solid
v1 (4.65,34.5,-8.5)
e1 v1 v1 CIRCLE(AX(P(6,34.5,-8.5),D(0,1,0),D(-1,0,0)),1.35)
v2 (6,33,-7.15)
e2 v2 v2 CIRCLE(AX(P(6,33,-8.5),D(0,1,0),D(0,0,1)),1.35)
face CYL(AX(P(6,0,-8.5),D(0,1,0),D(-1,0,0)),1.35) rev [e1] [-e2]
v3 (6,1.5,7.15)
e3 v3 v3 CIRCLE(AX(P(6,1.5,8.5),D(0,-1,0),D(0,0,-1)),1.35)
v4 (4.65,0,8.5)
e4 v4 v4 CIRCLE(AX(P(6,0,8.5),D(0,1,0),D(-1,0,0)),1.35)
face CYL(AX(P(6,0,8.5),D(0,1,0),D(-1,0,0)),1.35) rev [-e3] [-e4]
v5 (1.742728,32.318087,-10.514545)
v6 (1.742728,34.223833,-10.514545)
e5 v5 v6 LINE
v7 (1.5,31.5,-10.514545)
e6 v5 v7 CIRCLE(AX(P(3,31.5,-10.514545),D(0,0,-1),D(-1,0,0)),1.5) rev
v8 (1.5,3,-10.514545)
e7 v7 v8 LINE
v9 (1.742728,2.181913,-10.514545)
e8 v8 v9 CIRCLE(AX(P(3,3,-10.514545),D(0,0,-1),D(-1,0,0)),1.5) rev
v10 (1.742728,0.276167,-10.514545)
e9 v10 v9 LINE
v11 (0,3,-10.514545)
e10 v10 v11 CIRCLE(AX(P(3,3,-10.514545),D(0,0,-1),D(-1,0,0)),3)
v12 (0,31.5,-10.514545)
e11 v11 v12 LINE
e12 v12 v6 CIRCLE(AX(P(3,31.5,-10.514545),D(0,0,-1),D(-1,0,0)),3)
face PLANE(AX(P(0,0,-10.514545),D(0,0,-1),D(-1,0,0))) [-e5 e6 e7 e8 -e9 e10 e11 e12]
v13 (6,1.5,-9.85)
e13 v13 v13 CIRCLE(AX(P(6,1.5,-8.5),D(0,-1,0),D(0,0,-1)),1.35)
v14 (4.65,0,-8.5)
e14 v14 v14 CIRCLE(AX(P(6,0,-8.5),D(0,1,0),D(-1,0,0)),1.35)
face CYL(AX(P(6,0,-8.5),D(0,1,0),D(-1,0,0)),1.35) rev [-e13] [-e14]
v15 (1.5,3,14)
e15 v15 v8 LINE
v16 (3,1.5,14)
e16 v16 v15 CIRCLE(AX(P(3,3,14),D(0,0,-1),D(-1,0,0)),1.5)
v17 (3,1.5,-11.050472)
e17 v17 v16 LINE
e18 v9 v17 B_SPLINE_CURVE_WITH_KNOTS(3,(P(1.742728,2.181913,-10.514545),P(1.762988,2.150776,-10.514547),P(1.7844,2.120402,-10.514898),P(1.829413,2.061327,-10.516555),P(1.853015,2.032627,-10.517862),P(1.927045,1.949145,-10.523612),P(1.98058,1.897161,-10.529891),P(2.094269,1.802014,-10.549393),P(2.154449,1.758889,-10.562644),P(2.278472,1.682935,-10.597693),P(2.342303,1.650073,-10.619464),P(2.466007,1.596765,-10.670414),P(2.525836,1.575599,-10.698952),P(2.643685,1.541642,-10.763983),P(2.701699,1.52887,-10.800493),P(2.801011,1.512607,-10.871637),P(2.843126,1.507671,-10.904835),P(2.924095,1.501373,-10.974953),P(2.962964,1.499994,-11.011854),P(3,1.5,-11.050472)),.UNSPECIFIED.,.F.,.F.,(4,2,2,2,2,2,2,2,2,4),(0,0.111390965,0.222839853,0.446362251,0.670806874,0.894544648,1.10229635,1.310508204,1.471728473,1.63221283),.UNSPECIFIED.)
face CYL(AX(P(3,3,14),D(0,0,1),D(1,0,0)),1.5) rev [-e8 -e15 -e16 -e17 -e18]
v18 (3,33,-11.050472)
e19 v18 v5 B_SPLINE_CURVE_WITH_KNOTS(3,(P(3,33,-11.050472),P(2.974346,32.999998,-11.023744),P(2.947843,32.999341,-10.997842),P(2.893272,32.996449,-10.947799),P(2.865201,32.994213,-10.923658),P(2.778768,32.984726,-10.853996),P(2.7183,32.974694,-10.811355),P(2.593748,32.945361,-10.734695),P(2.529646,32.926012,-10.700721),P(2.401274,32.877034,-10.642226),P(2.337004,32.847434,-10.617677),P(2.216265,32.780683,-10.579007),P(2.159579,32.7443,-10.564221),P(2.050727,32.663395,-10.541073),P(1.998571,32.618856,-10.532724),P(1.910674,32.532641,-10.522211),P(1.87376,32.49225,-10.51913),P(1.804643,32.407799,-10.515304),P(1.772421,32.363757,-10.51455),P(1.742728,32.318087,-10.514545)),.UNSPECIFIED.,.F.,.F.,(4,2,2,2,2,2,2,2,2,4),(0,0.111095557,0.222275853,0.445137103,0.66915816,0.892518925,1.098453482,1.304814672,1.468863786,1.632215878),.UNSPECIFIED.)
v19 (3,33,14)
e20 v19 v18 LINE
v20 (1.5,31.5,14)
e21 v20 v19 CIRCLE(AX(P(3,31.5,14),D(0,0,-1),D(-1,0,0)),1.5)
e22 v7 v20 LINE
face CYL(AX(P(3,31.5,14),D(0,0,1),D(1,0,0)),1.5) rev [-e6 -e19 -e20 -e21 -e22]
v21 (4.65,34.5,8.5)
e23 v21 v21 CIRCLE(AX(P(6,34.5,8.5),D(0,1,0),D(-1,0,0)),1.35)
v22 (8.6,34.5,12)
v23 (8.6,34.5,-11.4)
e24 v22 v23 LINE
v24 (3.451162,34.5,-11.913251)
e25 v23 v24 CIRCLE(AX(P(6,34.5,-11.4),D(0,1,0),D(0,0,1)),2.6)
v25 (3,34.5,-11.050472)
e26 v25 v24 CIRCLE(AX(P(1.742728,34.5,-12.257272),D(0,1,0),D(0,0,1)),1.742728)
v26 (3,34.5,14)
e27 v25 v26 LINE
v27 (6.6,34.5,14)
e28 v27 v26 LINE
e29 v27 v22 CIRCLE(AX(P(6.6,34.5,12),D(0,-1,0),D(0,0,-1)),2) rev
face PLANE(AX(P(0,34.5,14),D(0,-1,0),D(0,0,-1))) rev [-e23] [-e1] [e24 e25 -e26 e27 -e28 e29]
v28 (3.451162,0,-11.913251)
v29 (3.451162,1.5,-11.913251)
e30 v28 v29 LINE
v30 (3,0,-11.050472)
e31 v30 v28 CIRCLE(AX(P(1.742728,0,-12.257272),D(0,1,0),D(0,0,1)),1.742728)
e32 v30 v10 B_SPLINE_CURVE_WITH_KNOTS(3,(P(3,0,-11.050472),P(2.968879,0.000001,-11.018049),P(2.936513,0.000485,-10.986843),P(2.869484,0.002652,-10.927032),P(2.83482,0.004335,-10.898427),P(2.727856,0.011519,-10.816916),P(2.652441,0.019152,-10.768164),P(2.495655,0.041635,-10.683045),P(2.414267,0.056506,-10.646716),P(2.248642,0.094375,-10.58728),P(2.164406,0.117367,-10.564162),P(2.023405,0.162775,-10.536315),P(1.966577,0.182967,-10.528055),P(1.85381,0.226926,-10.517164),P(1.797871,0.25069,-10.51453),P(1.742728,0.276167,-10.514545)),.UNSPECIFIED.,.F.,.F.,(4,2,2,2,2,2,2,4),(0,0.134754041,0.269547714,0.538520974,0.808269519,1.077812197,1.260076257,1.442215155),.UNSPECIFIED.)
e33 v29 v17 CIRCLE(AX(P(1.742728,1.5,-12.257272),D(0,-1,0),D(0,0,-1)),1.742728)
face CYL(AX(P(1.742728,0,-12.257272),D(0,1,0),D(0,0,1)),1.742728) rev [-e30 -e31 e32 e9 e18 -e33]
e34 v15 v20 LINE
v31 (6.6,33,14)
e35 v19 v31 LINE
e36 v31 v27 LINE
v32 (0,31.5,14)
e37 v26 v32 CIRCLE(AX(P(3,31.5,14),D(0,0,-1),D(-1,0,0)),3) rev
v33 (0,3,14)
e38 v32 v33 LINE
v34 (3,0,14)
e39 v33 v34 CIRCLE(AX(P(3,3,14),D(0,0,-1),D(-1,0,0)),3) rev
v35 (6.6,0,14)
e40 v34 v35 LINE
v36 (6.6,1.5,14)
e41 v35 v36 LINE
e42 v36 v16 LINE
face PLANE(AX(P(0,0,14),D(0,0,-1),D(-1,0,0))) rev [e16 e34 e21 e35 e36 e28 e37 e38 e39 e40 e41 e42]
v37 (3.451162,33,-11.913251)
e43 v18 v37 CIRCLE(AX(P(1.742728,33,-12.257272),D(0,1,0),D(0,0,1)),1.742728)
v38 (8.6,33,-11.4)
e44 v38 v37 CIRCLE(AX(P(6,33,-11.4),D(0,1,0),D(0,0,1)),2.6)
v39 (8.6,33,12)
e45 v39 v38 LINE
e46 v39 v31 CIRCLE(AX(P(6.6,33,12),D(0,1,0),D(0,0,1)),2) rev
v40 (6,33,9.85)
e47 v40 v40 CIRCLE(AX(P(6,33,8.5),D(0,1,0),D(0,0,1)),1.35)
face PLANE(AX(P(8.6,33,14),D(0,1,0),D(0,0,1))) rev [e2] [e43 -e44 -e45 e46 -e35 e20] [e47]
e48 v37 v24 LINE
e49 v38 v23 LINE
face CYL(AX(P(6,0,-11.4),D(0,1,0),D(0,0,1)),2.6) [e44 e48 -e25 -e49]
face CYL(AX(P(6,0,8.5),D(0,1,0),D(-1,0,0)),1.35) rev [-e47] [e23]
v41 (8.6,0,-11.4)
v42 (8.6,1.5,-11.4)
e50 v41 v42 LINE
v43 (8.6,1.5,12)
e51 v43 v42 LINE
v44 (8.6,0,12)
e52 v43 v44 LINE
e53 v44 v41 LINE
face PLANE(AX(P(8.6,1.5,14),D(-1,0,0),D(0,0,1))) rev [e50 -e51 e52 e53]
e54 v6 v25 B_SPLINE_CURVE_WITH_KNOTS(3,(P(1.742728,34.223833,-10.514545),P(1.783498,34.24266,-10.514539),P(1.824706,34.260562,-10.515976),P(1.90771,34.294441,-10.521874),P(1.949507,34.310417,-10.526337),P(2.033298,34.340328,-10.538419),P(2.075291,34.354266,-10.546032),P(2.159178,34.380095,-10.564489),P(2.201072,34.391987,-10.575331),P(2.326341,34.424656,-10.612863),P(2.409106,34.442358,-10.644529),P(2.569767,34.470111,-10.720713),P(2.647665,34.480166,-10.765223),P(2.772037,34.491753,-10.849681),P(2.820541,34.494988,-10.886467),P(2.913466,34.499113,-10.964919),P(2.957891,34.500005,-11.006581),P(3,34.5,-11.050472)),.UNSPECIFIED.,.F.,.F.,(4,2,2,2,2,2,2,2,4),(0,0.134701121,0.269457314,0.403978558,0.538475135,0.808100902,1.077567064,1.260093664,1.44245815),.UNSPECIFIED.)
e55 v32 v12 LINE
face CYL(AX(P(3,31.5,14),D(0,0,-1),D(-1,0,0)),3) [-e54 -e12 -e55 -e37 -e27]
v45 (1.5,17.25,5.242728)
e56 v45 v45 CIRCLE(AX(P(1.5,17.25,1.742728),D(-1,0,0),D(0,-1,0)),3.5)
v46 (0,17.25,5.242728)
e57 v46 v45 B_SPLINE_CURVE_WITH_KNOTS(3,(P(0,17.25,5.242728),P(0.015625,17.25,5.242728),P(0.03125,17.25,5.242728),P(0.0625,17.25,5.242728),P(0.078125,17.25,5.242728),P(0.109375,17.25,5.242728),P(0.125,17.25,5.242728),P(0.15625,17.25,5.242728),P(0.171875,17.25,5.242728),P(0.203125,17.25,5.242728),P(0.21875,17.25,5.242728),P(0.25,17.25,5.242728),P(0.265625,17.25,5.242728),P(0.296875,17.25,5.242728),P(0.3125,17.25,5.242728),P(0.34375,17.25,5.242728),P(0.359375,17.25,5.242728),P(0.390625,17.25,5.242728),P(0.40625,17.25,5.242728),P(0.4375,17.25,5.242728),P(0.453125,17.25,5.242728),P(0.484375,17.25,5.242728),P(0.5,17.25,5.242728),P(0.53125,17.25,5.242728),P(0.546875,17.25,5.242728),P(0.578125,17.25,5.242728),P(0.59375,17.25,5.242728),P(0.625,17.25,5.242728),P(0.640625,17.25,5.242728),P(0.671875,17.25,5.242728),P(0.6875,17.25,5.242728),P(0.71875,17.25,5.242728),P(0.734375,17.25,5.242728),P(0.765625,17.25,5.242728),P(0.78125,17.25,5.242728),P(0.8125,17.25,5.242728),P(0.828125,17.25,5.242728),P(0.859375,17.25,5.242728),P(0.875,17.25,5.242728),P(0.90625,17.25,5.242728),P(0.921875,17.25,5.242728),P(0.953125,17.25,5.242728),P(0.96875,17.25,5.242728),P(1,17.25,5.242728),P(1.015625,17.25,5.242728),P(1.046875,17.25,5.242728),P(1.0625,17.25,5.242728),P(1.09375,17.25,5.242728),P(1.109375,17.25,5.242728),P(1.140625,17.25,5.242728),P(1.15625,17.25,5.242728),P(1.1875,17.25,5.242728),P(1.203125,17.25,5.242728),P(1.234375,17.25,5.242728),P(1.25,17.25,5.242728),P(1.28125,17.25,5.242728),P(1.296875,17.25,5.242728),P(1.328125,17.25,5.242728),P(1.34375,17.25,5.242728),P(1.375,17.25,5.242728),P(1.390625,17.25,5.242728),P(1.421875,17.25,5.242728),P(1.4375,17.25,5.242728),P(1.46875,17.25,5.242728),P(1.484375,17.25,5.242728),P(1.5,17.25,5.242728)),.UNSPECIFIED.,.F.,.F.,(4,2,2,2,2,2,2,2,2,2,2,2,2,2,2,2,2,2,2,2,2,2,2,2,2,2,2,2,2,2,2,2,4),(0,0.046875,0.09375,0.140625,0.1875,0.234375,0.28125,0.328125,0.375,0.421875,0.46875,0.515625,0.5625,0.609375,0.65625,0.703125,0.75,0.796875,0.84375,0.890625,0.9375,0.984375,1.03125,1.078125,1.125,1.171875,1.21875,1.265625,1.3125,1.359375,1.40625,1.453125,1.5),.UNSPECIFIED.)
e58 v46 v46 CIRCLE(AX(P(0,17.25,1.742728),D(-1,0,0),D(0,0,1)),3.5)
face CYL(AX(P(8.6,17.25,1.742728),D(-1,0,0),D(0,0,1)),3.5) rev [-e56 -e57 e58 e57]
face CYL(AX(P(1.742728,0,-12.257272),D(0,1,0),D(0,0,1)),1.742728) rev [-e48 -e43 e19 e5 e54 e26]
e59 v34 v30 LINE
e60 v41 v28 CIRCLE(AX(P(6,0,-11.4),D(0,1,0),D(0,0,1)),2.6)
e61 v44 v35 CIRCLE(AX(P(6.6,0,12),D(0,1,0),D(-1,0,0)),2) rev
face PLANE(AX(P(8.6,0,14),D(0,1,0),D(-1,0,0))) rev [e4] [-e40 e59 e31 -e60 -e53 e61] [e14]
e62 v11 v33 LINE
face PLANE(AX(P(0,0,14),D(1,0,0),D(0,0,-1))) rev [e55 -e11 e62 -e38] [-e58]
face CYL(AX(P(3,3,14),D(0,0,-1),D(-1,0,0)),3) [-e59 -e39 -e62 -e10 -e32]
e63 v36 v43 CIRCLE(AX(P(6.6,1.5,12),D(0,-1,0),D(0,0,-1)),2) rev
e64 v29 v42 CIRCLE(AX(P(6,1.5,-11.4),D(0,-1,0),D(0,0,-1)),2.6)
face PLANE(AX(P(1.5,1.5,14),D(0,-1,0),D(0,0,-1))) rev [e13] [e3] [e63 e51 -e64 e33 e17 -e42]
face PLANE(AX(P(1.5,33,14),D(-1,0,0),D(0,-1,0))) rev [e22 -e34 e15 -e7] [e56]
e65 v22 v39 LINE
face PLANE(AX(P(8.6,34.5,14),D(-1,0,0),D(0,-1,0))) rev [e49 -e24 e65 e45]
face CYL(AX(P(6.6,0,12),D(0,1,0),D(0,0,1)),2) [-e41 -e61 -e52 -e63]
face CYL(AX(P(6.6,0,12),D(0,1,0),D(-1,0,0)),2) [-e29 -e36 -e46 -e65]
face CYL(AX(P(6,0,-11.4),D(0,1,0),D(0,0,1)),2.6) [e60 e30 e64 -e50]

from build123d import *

# Parameters (mm, degrees)
BOSS_EXTRUDE1_DEPTH = 14
SKETCH2_R           = 1.35
CUT_EXTRUDE1_DEPTH  = 39.212694226
SKETCH4_R           = 1.742727666
CUT_EXTRUDE3_DEPTH  = 39.212694226
SKETCH3_R           = 3.5
CUT_EXTRUDE2_DEPTH  = 39.212694226
FILLET1_R           = 3
FILLET2_R           = 2
FILLET3_R           = 1.5


with BuildPart() as part:
    # Sketch1 → Boss-Extrude1 (new, symmetric)
    with BuildSketch(Plane.XY):
        Polygon((0, 0), (0, 34.5), (8.6, 34.5), (8.6, 33), (1.5, 33), (1.5, 1.5), (8.6, 1.5), (8.6, 0), align=None)
    extrude(amount=BOSS_EXTRUDE1_DEPTH, both=True)

    # Sketch2 → Cut-Extrude1 (cut, through all)
    with BuildSketch(Plane(origin=(0, 34.5, 0), x_dir=(1, 0, 0), z_dir=(0, 1, 0))):
        with Locations(Location((6, 8.5, 0), (0, 0, 180))):
            Circle(SKETCH2_R)
        with Locations(Location((6, -8.5, 0), (0, 0, 180))):
            Circle(SKETCH2_R)
    extrude(amount=-CUT_EXTRUDE1_DEPTH, mode=Mode.SUBTRACT)

    # Sketch4 → Cut-Extrude3 (cut, through all)
    with BuildSketch(Plane(origin=(0, 34.5, 0), x_dir=(1, 0, 0), z_dir=(0, 1, 0))):
        with BuildLine():
            Line((8.6, 14), (6, 14))
            ThreePointArc((6, 14), (7.838477631, 13.238477631), (8.6, 11.4))
            Line((8.6, 11.4), (8.6, 14))
        make_face()
        Polygon((0, 14.708926335), (0, 14), (1.742727666, 14), (6, 14), (8.6, 14), (8.6, 11.4), (10.428656455, 11.4), (10.428656455, 14.708926335), align=None)
        with BuildLine():
            ThreePointArc((3.485455332, 12.257272334), (3.47686088, 12.084409052), (3.451162292, 11.913250757))
            ThreePointArc((3.451162292, 11.913250757), (4.352949905, 13.411771852), (6, 14))
            Line((6, 14), (1.742727666, 14))
            ThreePointArc((1.742727666, 14), (2.975022216, 13.489566884), (3.485455332, 12.257272334))
        make_face()
        with Locations((1.742727666, 12.257272334)):
            Circle(SKETCH4_R)
        with BuildLine():
            Line((0, 14), (0, 12.257272334))
            ThreePointArc((0, 12.257272334), (0.510433116, 13.489566884), (1.742727666, 14))
            Line((1.742727666, 14), (0, 14))
        make_face()
        with BuildLine():
            Line((0, 10.514544668), (1.742727666, 10.514544668))
            ThreePointArc((1.742727666, 10.514544668), (0.510433116, 11.024977784), (0, 12.257272334))
            Line((0, 12.257272334), (0, 10.514544668))
        make_face()
    extrude(amount=-CUT_EXTRUDE3_DEPTH, mode=Mode.SUBTRACT)

    # Sketch3 → Cut-Extrude2 (cut, through all)
    with BuildSketch(Plane.ZY):
        with Locations((1.742727666, 17.25)):
            Circle(SKETCH3_R)
    extrude(amount=-CUT_EXTRUDE2_DEPTH, mode=Mode.SUBTRACT)

    # Fillet1
    fillet1_edges = [part.edges().sort_by_distance(p)[0] for p in [
        (0, 0, 1.742727666),
        (0, 34.5, 1.742727666),
    ]]
    fillet(fillet1_edges, radius=FILLET1_R)

    # Fillet2
    fillet2_edges = [part.edges().sort_by_distance(p)[0] for p in [
        (8.6, 33.75, 14),
        (8.6, 0.75, 14),
    ]]
    fillet(fillet2_edges, radius=FILLET2_R)

    # Fillet3
    fillet3_edges = [part.edges().sort_by_distance(p)[0] for p in [
        (1.5, 1.5, 1.742727666),
        (1.5, 33, 1.742727666),
    ]]
    fillet(fillet3_edges, radius=FILLET3_R)


solid = part.part
